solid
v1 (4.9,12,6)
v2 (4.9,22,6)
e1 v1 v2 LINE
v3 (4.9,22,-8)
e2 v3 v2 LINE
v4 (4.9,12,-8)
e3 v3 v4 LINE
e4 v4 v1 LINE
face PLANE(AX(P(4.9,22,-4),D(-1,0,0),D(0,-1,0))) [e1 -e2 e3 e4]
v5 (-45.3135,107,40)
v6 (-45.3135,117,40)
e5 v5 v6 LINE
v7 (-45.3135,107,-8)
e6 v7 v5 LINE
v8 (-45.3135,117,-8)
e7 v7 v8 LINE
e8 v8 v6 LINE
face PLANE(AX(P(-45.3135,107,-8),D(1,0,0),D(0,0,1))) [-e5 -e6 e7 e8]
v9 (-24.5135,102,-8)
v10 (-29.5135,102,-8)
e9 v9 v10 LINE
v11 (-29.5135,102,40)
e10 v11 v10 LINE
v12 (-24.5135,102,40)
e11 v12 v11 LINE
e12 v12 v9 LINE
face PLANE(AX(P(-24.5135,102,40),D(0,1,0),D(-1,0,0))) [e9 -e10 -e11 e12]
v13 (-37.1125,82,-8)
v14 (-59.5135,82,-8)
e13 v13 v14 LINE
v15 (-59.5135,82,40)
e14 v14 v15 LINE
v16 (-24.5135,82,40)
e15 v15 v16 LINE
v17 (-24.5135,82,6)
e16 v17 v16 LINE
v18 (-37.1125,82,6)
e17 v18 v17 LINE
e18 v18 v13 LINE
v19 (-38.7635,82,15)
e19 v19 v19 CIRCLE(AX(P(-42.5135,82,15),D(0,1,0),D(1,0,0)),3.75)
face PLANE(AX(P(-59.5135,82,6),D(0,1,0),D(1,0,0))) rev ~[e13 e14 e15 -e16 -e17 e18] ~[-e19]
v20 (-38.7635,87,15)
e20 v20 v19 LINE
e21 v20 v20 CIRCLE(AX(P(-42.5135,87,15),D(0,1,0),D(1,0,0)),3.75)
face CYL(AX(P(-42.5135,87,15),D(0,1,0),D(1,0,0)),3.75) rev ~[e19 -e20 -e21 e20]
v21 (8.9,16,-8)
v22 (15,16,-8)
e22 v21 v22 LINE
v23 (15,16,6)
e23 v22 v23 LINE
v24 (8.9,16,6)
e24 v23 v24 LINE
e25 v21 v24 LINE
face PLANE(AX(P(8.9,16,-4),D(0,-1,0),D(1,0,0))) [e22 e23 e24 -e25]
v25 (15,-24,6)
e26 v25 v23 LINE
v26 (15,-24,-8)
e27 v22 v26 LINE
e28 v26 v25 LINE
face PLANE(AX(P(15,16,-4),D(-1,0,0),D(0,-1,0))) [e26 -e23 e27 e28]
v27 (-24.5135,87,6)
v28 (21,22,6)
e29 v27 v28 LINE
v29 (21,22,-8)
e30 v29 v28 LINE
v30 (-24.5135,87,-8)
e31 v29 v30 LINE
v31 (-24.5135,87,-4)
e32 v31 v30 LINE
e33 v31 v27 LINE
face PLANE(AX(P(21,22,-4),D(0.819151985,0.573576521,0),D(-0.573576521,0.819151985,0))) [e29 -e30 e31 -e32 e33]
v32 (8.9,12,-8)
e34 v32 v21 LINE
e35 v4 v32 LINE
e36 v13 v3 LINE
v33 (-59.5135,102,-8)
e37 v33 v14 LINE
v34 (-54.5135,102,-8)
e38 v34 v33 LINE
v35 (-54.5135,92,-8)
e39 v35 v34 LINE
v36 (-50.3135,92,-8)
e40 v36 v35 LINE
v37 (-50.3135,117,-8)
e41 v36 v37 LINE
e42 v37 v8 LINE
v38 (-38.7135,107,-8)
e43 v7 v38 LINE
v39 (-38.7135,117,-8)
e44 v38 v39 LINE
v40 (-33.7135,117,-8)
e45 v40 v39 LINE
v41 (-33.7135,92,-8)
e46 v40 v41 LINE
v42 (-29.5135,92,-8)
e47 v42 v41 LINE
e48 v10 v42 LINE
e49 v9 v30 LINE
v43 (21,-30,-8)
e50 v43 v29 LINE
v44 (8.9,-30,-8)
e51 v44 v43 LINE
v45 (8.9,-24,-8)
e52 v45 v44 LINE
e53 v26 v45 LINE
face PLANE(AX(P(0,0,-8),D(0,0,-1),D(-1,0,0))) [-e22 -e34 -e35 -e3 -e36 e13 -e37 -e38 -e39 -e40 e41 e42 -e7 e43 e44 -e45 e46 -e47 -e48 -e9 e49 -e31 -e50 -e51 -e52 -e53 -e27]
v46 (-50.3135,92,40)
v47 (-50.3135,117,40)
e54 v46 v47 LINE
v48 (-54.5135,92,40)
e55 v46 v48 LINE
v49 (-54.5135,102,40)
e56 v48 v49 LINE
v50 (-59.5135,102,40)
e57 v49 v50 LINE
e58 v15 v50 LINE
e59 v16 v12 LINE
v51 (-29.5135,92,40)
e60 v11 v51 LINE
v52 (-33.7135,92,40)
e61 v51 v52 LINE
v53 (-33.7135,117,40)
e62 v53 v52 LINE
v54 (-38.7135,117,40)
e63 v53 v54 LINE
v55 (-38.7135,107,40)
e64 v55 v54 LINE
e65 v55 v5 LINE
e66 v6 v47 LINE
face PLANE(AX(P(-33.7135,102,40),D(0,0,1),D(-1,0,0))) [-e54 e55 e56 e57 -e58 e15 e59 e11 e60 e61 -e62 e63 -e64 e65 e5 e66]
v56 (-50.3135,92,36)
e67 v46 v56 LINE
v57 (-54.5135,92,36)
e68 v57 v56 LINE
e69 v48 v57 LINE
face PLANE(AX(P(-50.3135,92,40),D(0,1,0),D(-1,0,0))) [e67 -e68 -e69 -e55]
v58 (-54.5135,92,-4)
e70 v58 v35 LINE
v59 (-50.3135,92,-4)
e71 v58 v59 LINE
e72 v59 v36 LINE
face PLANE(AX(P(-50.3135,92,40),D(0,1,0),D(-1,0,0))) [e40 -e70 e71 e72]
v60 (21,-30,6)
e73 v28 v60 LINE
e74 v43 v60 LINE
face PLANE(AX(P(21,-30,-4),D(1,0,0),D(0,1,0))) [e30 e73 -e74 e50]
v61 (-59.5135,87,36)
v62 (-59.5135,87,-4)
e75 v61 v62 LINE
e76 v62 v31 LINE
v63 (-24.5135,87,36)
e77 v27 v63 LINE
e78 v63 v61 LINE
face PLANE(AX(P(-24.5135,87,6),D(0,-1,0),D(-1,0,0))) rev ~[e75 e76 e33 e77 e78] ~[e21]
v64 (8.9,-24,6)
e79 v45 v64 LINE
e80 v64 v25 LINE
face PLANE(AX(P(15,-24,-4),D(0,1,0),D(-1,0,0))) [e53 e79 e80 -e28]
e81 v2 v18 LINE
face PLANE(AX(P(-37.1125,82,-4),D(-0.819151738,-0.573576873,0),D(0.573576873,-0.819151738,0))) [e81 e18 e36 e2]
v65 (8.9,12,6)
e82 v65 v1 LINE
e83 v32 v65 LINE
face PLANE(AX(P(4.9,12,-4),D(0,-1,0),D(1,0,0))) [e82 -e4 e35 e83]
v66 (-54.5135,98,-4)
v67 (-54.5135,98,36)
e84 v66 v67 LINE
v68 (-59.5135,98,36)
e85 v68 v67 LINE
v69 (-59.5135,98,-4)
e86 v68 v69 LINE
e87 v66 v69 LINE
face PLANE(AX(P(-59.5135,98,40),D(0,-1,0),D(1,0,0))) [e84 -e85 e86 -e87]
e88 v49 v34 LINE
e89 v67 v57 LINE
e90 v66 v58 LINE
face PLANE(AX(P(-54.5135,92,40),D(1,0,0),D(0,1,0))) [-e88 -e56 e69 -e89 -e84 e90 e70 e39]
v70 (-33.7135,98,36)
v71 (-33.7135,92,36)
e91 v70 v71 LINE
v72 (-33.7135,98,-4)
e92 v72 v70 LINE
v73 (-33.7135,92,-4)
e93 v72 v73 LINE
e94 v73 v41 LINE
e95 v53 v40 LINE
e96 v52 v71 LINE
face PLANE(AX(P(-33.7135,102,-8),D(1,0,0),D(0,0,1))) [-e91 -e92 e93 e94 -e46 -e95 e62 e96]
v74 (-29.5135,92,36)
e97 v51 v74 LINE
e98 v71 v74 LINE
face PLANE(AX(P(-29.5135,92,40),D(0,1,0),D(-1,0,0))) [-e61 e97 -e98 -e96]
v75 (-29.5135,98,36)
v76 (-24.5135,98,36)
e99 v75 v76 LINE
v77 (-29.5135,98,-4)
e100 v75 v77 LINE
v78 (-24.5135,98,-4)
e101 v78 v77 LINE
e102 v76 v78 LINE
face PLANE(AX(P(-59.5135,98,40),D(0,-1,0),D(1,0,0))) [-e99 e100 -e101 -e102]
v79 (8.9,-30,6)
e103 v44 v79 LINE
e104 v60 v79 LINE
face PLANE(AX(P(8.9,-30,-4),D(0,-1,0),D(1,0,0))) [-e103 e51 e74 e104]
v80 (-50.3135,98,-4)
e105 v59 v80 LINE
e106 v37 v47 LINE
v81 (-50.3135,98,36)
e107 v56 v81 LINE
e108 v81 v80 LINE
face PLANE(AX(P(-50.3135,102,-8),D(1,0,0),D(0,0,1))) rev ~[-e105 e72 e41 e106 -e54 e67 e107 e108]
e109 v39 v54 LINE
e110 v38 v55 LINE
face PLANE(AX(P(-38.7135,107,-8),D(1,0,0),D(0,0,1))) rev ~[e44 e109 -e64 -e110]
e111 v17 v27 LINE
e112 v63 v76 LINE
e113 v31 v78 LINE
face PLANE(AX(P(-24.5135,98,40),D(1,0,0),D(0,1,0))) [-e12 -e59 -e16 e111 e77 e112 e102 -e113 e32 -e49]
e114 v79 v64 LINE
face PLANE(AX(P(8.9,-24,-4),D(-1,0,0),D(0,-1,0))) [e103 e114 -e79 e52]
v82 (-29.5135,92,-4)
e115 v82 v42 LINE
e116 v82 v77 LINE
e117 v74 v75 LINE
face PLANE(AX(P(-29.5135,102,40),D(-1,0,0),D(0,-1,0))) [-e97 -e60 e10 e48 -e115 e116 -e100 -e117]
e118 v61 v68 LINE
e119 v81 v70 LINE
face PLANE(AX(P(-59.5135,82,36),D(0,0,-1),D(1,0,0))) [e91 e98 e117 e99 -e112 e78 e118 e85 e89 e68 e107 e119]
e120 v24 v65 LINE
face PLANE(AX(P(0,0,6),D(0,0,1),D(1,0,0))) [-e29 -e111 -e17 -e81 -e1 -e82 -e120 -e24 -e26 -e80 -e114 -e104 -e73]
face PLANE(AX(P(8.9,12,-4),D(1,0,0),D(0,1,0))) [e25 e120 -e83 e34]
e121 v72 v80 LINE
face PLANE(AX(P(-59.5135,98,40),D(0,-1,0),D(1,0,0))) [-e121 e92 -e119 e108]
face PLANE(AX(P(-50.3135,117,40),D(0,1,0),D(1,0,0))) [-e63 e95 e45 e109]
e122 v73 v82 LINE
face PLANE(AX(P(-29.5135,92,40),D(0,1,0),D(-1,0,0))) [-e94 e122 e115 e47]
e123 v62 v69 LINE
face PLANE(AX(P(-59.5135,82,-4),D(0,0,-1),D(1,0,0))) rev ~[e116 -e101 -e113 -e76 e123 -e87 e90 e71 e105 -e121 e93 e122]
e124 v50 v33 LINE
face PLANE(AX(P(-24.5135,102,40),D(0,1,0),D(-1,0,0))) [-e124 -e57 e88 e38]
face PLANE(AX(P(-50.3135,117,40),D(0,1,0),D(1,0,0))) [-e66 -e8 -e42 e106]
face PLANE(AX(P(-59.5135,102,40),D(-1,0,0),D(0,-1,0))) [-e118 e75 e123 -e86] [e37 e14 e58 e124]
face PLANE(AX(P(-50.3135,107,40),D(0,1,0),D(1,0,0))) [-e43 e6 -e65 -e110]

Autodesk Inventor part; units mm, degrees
ref_plane "YZ Plane" through (0, 0, 0) normal (1, 0, 0) x (0, 1, 0)
ref_plane "XZ Plane" through (0, 0, 0) normal (0, 1, 0) x (-1, 0, 0)
ref_plane "XY Plane" through (0, 0, 0) normal (0, 0, 1) x (1, 0, 0)
sketch "Náčrt1" plane through (0, 0, 0) normal (0, 0, 1) x (1, 0, 0)
  line L0 (21, 22) -> (21, -30)
  line L1 (21, -30) -> (8.9, -30)
  line L2 (8.9, -30) -> (8.9, -24)
  line L3 (8.9, -24) -> (15, -24)
  line L4 (15, -24) -> (15, 16)
  line L5 (15, 16) -> (8.9, 16)
  line L6 (8.9, 16) -> (8.9, 12)
  line L7 (8.9, 12) -> (4.9, 12)
  line L8 (4.9, 12) -> (4.9, 22)
  line L9 (4.9, 22) -> (-37.1125, 82)
  line L10 (-24.5135, 87) -> (21, 22)
  line L11 (-37.1125, 82) -> (-59.5135, 82)
  line L12 (-59.5135, 82) -> (-59.5135, 87)
  line L13 (-59.5135, 87) -> (-24.5135, 87)
  point P0 (0, 0)
  dimension "d10" = 40
  dimension "d14" = 6.1
  dimension "d15" = 4
  dimension "d16" = 4
  dimension "d28" = 6
  dimension "d29" = 12.1
  dimension "d30" = 6
  dimension "d31" = 6.1
  dimension "d32" = 145
  dimension "d33" = 15
  dimension "d34" = 145
  dimension "d35" = 52
  dimension "d36" = 10
  dimension "d37" = 30
  dimension "d40" = 60
  dimension "d41" = 65
  dimension "d43" = 35
  dimension "d44" = 5
extrude "Vysunutí1" add sketch "Náčrt1" along normal blind 6 and the other way blind 4
sketch "Náčrt2" plane through (0, 0, 6) normal (0, 0, 1) x (1, 0, 0)
  line L0 (-59.5135, 82) -> (-37.1125, 82) projected
  line L1 (-24.5135, 87) -> (-59.5135, 87) projected
  line L2 (-59.5135, 82) -> (-24.5135, 82)
  line L3 (-24.5135, 82) -> (-24.5135, 87)
  line L4 (-24.5135, 87) -> (-59.5135, 87)
  line L5 (-59.5135, 87) -> (-59.5135, 82)
  point P0 (0, 0)
extrude "Vysunutí2" add sketch "Náčrt2" along normal blind 30
sketch "Náčrt3" plane through (-59.5135, 87, -4) normal (0, 1, 0) x (1, 0, 0)
  circle A0 centre (17, -19) radius 3.75
  line L0 (0, 0) -> (35, 0) projected
  line L1 (35, -10) -> (35, -40) projected
  point P0 (59.5135, -4)
  dimension "d49" = 7.5
  dimension "d50" = 19
  dimension "d51" = 18
extrude "Vysunutí3" cut sketch "Náčrt3" against normal blind 30
sketch "Náčrt4" plane through (-59.5135, 82, -4) normal (0, -1, 0) x (1, 0, 0)
  line L0 (0, 40) -> (35, 40) projected
  line L1 (35, 40) -> (0, 40)
  line L2 (0, 40) -> (0, 44)
  line L3 (0, 44) -> (35, 44)
  line L4 (35, 44) -> (35, 40)
  line L5 (0, 0) -> (35, 0)
  line L6 (35, 0) -> (35, -4)
  line L7 (35, -4) -> (0, -4)
  line L8 (0, -4) -> (0, 0)
  line L9 (22.401, 0) -> (0, 0) projected
  point P0 (59.5135, 4)
  dimension "d54" = 4
  dimension "d55" = 4
  dimension "d57" = 35
  dimension "d58" = 35
extrude "Vysunutí4" add sketch "Náčrt4" against normal blind 16
sketch "Náčrt5" plane through (-59.5135, 82, 40) normal (0, 0, 1) x (1, 0, 0)
  line L0 (0, 16) -> (35, 16) projected
  line L1 (0, 16) -> (35, 16)
  line L2 (35, 16) -> (35, 20)
  line L3 (35, 20) -> (0, 20)
  line L4 (0, 20) -> (0, 16)
  point P0 (59.5135, -82)
  dimension "d61" = 35
  dimension "d62" = 4
extrude "Vysunutí5" add sketch "Náčrt5" against normal blind 48
sketch "Náčrt6" plane through (-59.5135, 82, 40) normal (0, 0, 1) x (1, 0, 0)
  line L0 (5, 20) -> (9.2, 20)
  line L1 (9.2, 20) -> (9.2, 10)
  line L2 (9.2, 10) -> (5, 10)
  line L3 (5, 10) -> (5, 20)
  line L4 (25.8, 20) -> (30, 20)
  line L5 (30, 20) -> (30, 10)
  line L6 (30, 10) -> (25.8, 10)
  line L7 (25.8, 10) -> (25.8, 20)
  line L8 (35, 20) -> (0, 20) projected
  line L9 (0, 0) -> (0, 20) projected
  line L10 (35, 0) -> (35, 20) projected
  point P0 (59.5135, -82)
  dimension "d65" = 5
  dimension "d66" = 4.2
  dimension "d67" = 5
  dimension "d68" = 4.2
  dimension "d69" = 10
  dimension "d70" = 10
extrude "Vysunutí6" cut sketch "Náčrt6" against normal blind 50
sketch "Náčrt8" plane through (-50.3135, 102, 40) normal (0, 1, 0) x (1, 0, 0)
  line L0 (0, 48) -> (0, 0) projected
  line L1 (16.6, 0) -> (0, 0) projected
  line L2 (0, 48) -> (16.6, 48)
  line L3 (16.6, 48) -> (16.6, 0)
  line L4 (16.6, 0) -> (0, 0)
  line L5 (0, 0) -> (0, 48)
  point P0 (50.3135, 40)
extrude "Vysunutí7" add sketch "Náčrt8" along normal blind 5
sketch "Náčrt9" plane through (-50.3135, 107, 40) normal (0, 1, 0) x (1, 0, 0)
  line L0 (0, 48) -> (0, 0) projected
  line L1 (25.8, 0) -> (-9.2, 0) projected
  line L2 (0, 48) -> (5, 48)
  line L3 (5, 48) -> (5, 0)
  line L4 (5, 0) -> (0, 0)
  line L5 (0, 0) -> (0, 48)
  line L6 (16.6, 48) -> (11.6, 48)
  line L7 (11.6, 48) -> (11.6, 0)
  line L8 (11.6, 0) -> (16.6, 0)
  line L9 (16.6, 0) -> (16.6, 48)
  point P0 (50.3135, 40)
  point P1 (16.6, 0)
  dimension "d75" = 5
  dimension "d76" = 5
extrude "Vysunutí8" add sketch "Náčrt9" along normal blind 10
sketch "Náčrt11" plane through (0, 0, -4) normal (0, 0, -1) x (-1, 0, 0)
  line L0 (37.1125, 82) -> (-4.9, 22) projected
  line L1 (37.1125, 82) -> (-4.9, 22)
  line L2 (-4.9, 22) -> (-4.9, 12) projected
  line L3 (-4.9, 22) -> (-4.9, 12)
  line L4 (-4.9, 12) -> (-8.9, 12) projected
  line L5 (-4.9, 12) -> (-8.9, 12)
  line L6 (-8.9, 12) -> (-8.9, 16) projected
  line L7 (-8.9, 12) -> (-8.9, 16)
  line L8 (-8.9, 16) -> (-15, 16) projected
  line L9 (-8.9, 16) -> (-15, 16)
  line L10 (-15, 16) -> (-15, -24) projected
  line L11 (-15, 16) -> (-15, -24)
  line L12 (-15, -24) -> (-8.9, -24) projected
  line L13 (-15, -24) -> (-8.9, -24)
  line L14 (-8.9, -24) -> (-8.9, -30) projected
  line L15 (-8.9, -24) -> (-8.9, -30)
  line L16 (-8.9, -30) -> (-21, -30) projected
  line L17 (-8.9, -30) -> (-21, -30)
  line L18 (-21, -30) -> (-21, 22) projected
  line L19 (-21, -30) -> (-21, 22)
  line L20 (24.5135, 87) -> (59.5135, 87) projected
  line L21 (-21, 22) -> (24.5135, 87)
  line L22 (24.5135, 82) -> (24.5135, 102) projected
  line L23 (24.5135, 87) -> (24.5135, 82)
  line L24 (24.5135, 82) -> (37.1125, 82)
  line L25 (24.5135, 82) -> (59.5135, 82) projected
  point P0 (0, 0)
extrude "Vysunutí9" add sketch "Náčrt11" along normal blind 4
properties part number "DrzakKamera"
